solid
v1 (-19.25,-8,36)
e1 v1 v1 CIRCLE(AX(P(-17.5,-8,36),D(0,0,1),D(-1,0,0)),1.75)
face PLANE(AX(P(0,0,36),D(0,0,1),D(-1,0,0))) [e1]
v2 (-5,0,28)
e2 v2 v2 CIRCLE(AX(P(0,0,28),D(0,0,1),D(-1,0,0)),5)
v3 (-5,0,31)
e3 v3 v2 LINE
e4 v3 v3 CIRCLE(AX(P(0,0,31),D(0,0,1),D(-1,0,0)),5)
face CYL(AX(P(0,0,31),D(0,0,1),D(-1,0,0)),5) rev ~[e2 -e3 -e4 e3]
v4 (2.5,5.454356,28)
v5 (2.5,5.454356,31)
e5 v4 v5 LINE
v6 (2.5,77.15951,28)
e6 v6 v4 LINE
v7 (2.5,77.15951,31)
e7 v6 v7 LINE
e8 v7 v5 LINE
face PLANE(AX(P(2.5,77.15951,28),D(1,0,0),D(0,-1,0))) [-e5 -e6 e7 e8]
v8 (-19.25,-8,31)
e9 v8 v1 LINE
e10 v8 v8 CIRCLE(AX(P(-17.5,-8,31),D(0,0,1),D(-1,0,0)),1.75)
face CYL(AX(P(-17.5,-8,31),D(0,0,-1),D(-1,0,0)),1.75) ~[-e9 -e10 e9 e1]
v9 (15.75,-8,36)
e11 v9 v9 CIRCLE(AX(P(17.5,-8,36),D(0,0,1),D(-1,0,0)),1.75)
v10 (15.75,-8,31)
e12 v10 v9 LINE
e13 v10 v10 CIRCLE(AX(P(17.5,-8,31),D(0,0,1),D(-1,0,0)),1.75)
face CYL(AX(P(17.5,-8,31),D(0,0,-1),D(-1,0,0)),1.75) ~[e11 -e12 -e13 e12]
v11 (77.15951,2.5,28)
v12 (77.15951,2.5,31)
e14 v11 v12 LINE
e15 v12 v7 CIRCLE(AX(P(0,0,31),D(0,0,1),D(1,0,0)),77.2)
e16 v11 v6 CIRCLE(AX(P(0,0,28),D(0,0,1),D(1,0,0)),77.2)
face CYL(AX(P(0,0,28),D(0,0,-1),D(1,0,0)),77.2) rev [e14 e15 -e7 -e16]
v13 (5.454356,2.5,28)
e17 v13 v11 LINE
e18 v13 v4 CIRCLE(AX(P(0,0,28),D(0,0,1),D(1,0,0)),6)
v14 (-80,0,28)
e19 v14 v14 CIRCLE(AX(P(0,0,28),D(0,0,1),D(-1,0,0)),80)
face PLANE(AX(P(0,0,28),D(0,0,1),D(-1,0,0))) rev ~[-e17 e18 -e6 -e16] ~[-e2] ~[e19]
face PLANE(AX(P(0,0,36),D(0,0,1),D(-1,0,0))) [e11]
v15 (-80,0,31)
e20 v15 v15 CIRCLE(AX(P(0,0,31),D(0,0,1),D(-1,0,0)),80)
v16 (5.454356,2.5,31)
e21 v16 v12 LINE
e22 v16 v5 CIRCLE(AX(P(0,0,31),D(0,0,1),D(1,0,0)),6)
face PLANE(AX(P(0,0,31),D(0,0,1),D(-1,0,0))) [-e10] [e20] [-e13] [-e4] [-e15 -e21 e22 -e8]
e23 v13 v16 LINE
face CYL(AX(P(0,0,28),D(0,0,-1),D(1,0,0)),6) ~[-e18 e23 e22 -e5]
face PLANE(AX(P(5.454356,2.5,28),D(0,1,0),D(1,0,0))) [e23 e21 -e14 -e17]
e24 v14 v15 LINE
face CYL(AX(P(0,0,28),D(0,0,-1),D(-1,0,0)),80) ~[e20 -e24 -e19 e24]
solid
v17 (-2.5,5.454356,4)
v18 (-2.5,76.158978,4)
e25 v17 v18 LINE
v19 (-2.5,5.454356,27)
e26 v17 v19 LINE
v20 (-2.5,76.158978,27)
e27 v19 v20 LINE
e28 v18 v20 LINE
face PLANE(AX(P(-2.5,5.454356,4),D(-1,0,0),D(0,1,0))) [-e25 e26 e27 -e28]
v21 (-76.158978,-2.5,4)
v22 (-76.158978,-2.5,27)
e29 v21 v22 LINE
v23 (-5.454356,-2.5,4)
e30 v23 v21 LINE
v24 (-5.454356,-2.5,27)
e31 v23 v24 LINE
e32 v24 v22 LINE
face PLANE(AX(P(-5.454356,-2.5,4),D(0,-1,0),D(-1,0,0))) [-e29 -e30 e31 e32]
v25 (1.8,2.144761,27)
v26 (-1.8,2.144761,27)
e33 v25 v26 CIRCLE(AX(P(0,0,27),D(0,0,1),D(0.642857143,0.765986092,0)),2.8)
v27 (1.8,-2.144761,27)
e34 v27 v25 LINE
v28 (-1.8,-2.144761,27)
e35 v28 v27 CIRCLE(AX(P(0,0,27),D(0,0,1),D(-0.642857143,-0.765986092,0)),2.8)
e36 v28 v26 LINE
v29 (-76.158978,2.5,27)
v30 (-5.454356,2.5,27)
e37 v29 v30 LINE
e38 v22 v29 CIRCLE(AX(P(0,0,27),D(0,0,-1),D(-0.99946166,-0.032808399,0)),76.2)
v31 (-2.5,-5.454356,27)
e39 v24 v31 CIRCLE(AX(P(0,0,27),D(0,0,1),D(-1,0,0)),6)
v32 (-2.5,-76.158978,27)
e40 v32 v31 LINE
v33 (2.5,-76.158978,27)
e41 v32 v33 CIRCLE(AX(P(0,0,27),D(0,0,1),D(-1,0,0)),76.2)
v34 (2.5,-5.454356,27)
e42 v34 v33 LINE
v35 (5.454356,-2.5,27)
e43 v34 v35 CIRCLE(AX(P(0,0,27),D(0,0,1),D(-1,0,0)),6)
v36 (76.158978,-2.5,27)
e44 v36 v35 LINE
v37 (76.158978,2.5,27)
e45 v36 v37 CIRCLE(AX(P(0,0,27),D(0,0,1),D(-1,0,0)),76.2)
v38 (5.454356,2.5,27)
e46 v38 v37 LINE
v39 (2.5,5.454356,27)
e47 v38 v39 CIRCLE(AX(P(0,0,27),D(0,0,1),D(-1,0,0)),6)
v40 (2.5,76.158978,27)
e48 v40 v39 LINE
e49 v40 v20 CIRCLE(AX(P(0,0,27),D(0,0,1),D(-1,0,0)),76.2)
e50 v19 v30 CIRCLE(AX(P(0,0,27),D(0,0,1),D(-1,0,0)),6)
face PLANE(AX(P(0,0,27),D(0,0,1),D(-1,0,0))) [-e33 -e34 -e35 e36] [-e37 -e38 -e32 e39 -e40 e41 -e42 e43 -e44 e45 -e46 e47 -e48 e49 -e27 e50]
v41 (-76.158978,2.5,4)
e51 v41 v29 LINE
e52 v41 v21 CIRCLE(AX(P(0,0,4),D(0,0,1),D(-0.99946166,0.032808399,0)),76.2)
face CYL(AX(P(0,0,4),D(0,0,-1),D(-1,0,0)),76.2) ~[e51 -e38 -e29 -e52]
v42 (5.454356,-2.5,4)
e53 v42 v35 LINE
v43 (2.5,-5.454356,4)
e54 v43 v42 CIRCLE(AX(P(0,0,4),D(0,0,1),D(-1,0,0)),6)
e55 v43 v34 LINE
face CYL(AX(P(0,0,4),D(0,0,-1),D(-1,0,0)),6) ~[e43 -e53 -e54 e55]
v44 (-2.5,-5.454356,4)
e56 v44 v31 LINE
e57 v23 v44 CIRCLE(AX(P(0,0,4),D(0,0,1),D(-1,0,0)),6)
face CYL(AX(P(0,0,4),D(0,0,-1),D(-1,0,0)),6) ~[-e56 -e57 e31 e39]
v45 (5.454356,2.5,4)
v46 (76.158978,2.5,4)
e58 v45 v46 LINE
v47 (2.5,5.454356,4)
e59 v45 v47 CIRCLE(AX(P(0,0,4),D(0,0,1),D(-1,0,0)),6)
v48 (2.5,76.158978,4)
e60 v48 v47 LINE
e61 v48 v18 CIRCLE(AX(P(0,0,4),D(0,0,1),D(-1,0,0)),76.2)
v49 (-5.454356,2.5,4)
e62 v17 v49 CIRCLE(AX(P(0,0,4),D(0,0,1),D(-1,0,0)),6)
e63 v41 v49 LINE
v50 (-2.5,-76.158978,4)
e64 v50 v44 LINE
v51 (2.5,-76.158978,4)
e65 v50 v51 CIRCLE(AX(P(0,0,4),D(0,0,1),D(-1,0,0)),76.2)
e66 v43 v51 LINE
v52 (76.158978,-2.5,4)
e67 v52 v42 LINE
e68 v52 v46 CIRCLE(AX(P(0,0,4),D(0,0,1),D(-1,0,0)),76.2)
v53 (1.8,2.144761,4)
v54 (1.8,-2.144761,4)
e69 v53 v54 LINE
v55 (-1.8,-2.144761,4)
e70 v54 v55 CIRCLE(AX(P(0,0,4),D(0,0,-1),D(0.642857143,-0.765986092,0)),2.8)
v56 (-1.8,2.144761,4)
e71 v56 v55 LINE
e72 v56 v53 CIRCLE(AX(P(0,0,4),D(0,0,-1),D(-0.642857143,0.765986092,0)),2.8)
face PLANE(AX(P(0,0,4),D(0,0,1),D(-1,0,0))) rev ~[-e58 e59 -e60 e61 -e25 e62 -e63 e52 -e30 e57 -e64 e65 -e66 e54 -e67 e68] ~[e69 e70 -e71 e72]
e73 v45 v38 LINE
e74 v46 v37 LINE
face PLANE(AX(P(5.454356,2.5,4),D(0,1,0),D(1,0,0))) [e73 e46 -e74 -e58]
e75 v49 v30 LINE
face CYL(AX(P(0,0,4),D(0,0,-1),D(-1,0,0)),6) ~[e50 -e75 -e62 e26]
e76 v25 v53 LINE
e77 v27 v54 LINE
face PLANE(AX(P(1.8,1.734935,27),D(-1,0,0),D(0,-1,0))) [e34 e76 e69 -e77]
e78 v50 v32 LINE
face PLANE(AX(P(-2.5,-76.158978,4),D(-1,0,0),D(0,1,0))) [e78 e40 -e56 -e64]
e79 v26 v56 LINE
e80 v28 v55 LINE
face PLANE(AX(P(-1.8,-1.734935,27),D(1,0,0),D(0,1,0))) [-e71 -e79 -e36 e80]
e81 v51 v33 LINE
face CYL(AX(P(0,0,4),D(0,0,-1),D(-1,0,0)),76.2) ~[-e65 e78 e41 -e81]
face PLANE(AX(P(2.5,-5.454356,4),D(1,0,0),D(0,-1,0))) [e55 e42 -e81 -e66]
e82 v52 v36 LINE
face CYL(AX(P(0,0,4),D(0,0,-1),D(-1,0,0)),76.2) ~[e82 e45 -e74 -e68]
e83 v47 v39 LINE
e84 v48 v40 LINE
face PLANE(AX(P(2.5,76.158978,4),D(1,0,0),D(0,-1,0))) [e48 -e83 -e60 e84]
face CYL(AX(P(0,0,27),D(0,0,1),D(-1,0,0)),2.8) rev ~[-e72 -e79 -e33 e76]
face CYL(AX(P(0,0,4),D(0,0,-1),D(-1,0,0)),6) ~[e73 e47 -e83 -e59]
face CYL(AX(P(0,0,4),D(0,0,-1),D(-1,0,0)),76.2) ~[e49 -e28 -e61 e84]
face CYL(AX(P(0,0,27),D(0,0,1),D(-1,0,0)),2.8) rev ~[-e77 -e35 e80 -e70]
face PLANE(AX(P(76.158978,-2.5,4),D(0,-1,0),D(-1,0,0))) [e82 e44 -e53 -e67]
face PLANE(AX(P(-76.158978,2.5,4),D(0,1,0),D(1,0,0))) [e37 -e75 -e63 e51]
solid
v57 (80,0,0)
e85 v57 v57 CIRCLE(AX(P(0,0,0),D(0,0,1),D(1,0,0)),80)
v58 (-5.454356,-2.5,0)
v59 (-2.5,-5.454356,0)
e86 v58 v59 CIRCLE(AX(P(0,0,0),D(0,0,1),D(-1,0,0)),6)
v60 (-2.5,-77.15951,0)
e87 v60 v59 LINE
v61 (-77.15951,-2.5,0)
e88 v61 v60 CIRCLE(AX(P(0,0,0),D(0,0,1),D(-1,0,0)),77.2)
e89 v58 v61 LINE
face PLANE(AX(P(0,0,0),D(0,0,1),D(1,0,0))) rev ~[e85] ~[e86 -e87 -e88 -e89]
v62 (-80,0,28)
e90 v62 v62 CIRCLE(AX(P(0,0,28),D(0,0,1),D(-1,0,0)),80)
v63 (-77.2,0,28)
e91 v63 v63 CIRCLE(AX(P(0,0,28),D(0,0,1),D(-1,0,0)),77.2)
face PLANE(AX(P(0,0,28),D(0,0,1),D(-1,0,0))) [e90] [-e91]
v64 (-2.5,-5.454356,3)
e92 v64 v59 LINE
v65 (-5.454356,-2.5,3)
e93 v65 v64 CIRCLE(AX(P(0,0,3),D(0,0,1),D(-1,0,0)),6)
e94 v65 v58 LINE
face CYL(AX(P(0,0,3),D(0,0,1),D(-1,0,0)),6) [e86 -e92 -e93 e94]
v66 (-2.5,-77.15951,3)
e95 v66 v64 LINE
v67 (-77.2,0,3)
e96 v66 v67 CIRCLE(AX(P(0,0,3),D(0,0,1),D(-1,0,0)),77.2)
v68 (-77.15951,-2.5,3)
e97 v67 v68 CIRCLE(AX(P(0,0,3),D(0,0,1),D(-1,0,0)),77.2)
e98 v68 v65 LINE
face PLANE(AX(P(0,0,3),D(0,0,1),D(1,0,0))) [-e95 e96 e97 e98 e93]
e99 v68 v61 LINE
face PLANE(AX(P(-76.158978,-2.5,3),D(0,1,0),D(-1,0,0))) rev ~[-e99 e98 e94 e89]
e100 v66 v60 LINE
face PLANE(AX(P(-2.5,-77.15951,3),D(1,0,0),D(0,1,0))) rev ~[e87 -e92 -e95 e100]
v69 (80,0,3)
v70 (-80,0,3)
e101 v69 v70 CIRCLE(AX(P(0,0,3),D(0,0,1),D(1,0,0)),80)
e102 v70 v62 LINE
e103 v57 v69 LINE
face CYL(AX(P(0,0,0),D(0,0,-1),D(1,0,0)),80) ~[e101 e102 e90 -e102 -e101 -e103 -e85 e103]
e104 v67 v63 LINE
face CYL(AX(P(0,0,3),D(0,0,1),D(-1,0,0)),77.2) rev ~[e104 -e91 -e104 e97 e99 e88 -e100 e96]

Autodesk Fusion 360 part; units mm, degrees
sketch "Floor" plane through (0, 0, 0) normal (0, 0, 1) x (1, 0, 0) in component "Container"
  circle A0 centre (0, 0) radius 80
  dimension "d25" = 160
extrude "Extrude1" add sketch "Floor" along normal blind 3 makes body 1 in component "Container"
sketch "Walls" plane through (0, 0, 3) normal (0, 0, 1) x (-1, 0, 0) in component "Container"
  circle A0 centre (0, 0) radius 80
  circle A1 centre (0, 0) radius 77.2
  dimension "d28" = -2.8
extrude "Extrude2" add sketch "Walls" along normal blind 25 bodies 1 in component "Container"
sketch "Swiper" plane through (0, 0, 3) normal (0, 0, 1) x (-1, 0, 0) in component "Container"
  circle A0 centre (0, 0) radius 77.2
  line L0 (-80, 2.5) -> (80, 2.5)
  line L1 (80, 2.5) -> (80, -2.5)
  line L2 (80, -2.5) -> (-80, -2.5)
  line L3 (-80, -2.5) -> (-80, 2.5)
  line L4 (-80, 2.5) -> (80, -2.5) construction
  line L5 (80, 2.5) -> (-80, -2.5) construction
  line L6 (-2.5, 80) -> (2.5, 80)
  line L7 (2.5, 80) -> (2.5, -80)
  line L8 (2.5, -80) -> (-2.5, -80)
  line L9 (-2.5, -80) -> (-2.5, 80)
  line L10 (-2.5, 80) -> (2.5, -80) construction
  line L11 (2.5, 80) -> (-2.5, -80) construction
  circle A1 centre (0, 0) radius 6
  circle A2 centre (0, 0) radius 76.2
  dimension "d31" = 160
  dimension "d32" = 5
  dimension "d33" = 5
  dimension "d34" = 160
  dimension "d35" = 12
  dimension "d41" = -1
extrude "Extrude3" cut sketch "Swiper" against normal through all contours A0 L0 L7 A2 | L0 L7 A1 A2 bodies 1 in component "Container"
extrude "Extrude1'" add sketch "Swiper" along normal blind 23 separate body contours L0 L2 A1 A2 | L7 L9 A1 A2 | L0 L2 L7 A1 | L0 L7 A1 | L7 L9 A1 A2 | L2 L7 A1 | L0 L7 L9 A1 | L0 L2 L7 L9 | L2 L7 L9 A1 | L0 L2 A1 A2 | L0 L9 A1 | L0 L2 L9 A1 | L2 L9 A1 makes body 2 in component "Swiper"
sketch "Sketch1" plane through (0, 0, 26) normal (0, 0, 1) x (-1, 0, 0) in component "Swiper"
  arc A0 (2.5, -5.4544) -> (5.4544, -2.5) centre (0, 0) ccw
  line L0 (5.4544, -2.5) -> (76.159, -2.5)
  arc A1 (76.159, -2.5) -> (76.159, 2.5) centre (0, 0) ccw
  line L1 (76.159, 2.5) -> (5.4544, 2.5)
  arc A2 (5.4544, 2.5) -> (2.5, 5.4544) centre (0, 0) ccw
  line L2 (2.5, 5.4544) -> (2.5, 76.159)
  arc A3 (2.5, 76.159) -> (-2.5, 76.159) centre (0, 0) ccw
  line L3 (-2.5, 76.159) -> (-2.5, 5.4544)
  arc A4 (-2.5, 5.4544) -> (-5.4544, 2.5) centre (0, 0) ccw
  line L4 (-5.4544, 2.5) -> (-76.159, 2.5)
  arc A5 (-76.159, 2.5) -> (-76.159, -2.5) centre (0, 0) ccw
  line L5 (-76.159, -2.5) -> (-5.4544, -2.5)
  arc A6 (-5.4544, -2.5) -> (-2.5, -5.4544) centre (0, 0) ccw
  line L6 (-2.5, -5.4544) -> (-2.5, -76.159)
  arc A7 (-2.5, -76.159) -> (2.5, -76.159) centre (0, 0) ccw
  line L7 (2.5, -76.159) -> (2.5, -5.4544)
  circle A8 centre (0, 0) radius 2.5
  line L8 (-1.5, 2.5) -> (1.5, 2.5)
  line L9 (1.5, 2.5) -> (1.5, -2.5)
  line L10 (1.5, -2.5) -> (-1.5, -2.5)
  line L11 (-1.5, -2.5) -> (-1.5, 2.5)
  line L12 (-1.5, 2.5) -> (1.5, -2.5) construction
  line L13 (1.5, 2.5) -> (-1.5, -2.5) construction
  circle A9 centre (0, 0) radius 2.8
  line L14 (-1.8, -2.8) -> (-1.8, 2.8)
  line L15 (-1.8, 2.8) -> (1.8, 2.8)
  line L16 (1.8, 2.8) -> (1.8, -2.8)
  line L17 (1.8, -2.8) -> (-1.8, -2.8)
  dimension "d44" = 5
  dimension "d45" = 3
  dimension "d46" = 5
  dimension "d54" = 0.3
  dimension "d55" = -0.3
extrude "Extrude3'" cut sketch "Sketch1" against normal up to surface (23 mm away) contours A8 L9 L16 | A8 L9 A9 L16 | A8 L9 A9 L16 | A8 L9 L11 | A8 L8 L9 A9 | A8 L9 L10 A9 | A8 L8 L11 A9 | L8 A9 | A8 L10 L11 A9 | L10 A9 | A8 L11 L14 | A8 L11 A9 L14 | A8 L11 A9 L14 bodies 2 in component "Swiper"
extrude "Extrude4" [suppressed] in component "Container"
extrude "Extrude1''" add 1 faces at (-53.0199, 6.1935, 0) along direction (0, 0, 1) blind 3 from surface at 28 separate body on bodies 1 makes body 3 in component "Lid"
sketch "Motor Mount" plane through (0, 0, 31) normal (0, 0, 1) x (1, 0, 0) in component "Lid"
  circle A0 centre (0, 0) radius 5
  line L0 (-17.5, 8) -> (17.5, 8) construction
  line L1 (17.5, 8) -> (17.5, -8) construction
  line L2 (17.5, -8) -> (-17.5, -8) construction
  line L3 (-17.5, -8) -> (-17.5, 8) construction
  line L4 (-17.5, 8) -> (17.5, -8) construction
  line L5 (17.5, 8) -> (-17.5, -8) construction
  circle A1 centre (17.5, 8) radius 1.75
  circle A2 centre (-17.5, 8) radius 1.75
  dimension "d58" = 10
  dimension "d62" = 35
  dimension "d63" = 16
  dimension "d64" = 3.5
  dimension "d65" = 3.5
extrude "Extrude3''" add sketch "Motor Mount" along normal blind 5 contours A1 | A2 bodies 3 in component "Lid"
extrude "Extrude2'" cut sketch "Motor Mount" against normal up to surface (3 mm away) contours A0 bodies 3 in component "Lid"
component "Container" placed x (1, 0, 0) y (0, 1, 0) z (0, 0, 1) at (0, 0, 0)
component "Swiper" placed x (1, 0, 0) y (0, 1, 0) z (0, 0, 1) at (0, 0, 1)
component "Lid" placed x (-1, 0, 0) y (0, -1, 0) z (0, 0, 1) at (0, 0, 0)
